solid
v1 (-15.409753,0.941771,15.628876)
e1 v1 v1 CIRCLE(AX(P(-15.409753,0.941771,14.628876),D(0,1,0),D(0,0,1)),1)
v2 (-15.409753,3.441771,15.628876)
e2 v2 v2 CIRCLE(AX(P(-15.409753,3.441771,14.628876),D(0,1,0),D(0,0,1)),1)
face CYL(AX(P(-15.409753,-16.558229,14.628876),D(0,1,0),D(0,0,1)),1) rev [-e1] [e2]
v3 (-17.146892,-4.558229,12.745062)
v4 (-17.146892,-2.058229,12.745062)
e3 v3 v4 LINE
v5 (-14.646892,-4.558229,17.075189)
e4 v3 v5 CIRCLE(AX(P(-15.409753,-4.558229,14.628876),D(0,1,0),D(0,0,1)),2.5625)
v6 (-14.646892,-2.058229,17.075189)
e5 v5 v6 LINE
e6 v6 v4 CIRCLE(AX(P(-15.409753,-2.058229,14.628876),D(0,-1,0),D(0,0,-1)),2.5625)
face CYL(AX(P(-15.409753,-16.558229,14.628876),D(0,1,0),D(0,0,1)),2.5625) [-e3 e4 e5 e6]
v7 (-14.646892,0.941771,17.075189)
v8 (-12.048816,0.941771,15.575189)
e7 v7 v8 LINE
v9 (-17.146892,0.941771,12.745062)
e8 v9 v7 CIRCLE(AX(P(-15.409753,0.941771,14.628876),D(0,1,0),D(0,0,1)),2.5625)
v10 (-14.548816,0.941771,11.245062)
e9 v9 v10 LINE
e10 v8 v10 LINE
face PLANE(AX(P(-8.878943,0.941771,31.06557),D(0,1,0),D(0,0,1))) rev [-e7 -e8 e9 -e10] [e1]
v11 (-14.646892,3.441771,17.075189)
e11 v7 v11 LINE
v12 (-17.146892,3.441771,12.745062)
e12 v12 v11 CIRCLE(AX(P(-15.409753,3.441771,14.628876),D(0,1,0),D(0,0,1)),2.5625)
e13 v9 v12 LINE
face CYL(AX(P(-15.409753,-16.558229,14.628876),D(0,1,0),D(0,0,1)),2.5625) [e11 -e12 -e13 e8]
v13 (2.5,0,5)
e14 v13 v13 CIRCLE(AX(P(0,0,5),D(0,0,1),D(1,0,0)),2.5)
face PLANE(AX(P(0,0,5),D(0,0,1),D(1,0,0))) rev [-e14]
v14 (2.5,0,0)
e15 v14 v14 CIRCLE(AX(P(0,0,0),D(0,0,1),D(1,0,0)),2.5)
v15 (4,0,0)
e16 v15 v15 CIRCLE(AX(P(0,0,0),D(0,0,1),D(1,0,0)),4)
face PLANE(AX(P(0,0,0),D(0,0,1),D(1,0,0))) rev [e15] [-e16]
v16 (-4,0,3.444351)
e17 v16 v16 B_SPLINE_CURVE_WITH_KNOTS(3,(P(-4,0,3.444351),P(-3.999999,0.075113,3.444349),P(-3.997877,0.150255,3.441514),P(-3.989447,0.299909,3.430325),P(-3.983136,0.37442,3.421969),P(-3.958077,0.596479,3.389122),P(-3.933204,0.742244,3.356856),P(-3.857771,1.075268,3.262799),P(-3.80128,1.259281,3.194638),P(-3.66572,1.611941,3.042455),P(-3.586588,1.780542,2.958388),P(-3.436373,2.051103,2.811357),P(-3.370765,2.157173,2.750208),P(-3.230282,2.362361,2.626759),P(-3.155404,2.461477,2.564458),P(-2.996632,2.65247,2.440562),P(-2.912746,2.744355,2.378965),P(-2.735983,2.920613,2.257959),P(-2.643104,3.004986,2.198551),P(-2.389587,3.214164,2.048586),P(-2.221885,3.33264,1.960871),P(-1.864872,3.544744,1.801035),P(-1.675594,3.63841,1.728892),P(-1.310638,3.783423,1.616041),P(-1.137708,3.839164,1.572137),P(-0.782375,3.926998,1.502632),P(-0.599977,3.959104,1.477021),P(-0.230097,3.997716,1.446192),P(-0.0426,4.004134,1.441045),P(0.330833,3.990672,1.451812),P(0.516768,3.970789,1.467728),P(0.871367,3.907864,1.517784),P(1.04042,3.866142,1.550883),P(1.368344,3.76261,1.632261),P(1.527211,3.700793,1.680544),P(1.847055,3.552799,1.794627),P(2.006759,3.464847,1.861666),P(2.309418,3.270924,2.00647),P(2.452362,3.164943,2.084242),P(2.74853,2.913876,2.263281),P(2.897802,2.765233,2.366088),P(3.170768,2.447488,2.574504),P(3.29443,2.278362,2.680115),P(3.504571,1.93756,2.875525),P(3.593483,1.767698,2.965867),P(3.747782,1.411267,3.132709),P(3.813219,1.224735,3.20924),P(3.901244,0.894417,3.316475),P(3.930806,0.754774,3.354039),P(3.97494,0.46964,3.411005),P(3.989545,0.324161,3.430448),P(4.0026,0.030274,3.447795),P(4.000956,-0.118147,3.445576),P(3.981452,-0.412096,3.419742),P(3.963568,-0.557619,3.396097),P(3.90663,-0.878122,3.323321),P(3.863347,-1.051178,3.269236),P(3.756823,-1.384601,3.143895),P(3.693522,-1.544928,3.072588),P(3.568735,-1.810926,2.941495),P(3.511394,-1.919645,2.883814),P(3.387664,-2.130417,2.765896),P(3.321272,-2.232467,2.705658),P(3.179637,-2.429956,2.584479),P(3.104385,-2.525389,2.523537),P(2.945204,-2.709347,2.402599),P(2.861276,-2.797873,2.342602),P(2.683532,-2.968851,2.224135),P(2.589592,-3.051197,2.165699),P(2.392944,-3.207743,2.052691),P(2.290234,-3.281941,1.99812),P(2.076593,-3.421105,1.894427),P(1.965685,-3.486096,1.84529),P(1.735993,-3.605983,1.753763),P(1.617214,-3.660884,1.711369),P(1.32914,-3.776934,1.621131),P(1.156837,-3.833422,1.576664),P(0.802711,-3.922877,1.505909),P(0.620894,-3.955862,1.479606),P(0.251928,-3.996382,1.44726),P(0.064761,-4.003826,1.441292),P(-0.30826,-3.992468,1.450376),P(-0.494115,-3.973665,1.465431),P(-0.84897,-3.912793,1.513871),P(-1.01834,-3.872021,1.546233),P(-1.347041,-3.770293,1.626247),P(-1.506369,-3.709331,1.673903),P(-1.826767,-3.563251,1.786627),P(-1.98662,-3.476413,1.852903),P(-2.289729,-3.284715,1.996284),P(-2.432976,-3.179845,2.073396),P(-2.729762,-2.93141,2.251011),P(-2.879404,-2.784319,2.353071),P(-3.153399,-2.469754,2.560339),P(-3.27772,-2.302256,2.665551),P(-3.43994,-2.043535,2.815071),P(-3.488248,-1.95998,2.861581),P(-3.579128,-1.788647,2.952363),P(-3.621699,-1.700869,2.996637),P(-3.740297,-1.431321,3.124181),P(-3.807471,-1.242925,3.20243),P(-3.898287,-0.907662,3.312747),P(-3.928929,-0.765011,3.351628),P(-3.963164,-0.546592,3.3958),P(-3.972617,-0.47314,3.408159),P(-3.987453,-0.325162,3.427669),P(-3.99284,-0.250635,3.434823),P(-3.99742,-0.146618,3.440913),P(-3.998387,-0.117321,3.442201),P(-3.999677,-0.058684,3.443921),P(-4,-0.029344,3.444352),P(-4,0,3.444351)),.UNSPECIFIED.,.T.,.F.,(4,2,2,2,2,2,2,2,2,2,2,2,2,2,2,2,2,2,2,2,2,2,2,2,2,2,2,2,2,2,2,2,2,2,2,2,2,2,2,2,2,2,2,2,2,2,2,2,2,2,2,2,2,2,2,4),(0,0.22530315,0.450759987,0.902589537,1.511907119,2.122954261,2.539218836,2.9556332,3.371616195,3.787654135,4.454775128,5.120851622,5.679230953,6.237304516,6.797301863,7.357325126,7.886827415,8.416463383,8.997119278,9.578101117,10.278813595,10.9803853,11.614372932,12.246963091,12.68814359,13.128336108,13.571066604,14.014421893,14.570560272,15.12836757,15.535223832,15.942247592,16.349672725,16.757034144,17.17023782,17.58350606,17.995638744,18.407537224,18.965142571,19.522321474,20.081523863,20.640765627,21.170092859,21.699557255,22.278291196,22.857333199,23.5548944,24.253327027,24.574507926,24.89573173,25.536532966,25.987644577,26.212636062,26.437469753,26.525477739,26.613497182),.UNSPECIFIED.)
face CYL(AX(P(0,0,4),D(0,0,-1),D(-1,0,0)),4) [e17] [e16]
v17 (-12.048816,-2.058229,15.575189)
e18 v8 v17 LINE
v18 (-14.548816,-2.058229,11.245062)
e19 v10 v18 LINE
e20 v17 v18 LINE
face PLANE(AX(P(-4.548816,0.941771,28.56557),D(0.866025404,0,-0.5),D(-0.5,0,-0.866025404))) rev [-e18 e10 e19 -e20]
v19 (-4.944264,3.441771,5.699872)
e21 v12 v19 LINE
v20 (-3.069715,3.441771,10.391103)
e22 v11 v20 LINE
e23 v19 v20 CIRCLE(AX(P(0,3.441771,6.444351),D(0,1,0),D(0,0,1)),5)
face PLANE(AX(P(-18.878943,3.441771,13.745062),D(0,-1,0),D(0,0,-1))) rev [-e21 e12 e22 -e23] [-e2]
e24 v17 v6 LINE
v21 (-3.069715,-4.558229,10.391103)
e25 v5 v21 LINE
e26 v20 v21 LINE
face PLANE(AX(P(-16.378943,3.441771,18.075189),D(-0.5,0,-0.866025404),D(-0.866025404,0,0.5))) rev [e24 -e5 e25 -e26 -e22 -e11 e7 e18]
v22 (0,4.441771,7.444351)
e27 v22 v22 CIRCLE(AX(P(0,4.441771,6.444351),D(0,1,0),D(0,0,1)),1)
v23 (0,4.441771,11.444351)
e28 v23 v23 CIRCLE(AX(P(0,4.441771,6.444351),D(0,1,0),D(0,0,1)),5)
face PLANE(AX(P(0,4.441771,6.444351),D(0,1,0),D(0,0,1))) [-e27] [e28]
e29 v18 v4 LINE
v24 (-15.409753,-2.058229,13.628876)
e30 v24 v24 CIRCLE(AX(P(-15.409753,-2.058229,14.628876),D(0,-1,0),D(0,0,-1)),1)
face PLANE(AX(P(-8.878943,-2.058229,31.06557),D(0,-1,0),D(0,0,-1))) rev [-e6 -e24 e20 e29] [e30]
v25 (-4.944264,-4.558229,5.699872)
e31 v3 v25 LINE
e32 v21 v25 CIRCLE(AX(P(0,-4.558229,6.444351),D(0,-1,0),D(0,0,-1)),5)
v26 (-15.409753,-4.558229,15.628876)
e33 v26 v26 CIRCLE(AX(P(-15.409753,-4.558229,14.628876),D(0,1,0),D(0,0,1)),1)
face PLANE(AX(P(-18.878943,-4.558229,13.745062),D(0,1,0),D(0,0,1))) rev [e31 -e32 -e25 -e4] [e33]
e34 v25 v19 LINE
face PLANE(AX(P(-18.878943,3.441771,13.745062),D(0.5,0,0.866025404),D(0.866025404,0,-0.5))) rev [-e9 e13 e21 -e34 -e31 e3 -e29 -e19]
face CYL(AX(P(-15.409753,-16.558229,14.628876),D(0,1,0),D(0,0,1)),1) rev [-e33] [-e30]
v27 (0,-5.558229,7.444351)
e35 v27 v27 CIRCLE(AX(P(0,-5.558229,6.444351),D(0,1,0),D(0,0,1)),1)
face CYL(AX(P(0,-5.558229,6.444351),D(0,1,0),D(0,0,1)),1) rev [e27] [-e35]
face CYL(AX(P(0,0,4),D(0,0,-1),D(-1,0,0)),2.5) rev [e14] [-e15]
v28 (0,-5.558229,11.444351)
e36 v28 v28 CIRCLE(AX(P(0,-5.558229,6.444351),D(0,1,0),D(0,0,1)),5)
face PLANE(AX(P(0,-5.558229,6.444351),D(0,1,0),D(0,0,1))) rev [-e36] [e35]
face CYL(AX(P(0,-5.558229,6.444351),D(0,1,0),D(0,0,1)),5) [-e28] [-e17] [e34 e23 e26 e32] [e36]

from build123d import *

# Parameters (mm, degrees)
SKETCH2_R                       = 4
SKETCH2_R_2                     = 2.5
BOSS_EXTRUDE1_DEPTH             = 4
SKETCH4_R                       = 5
BOSS_EXTRUDE2_DEPTH             = 10
SKETCH5_R                       = 2.5
CUT_EXTRUDE1_DEPTH              = 5
SKETCH6_R                       = 1
CUT_EXTRUDE2_DEPTH              = 11.0000001
SKETCH7_W                       = 8
SKETCH7_H                       = 5
BOSS_EXTRUDE3_DEPTH             = 15
BOSS_EXTRUDE3_DIRECTION_2_REACH = 14.552
SKETCH10_W                      = 5
SKETCH10_H                      = 3
CUT_EXTRUDE4_DEPTH              = 20
SKETCH9_R                       = 1
CUT_EXTRUDE6_DEPTH              = 20


with BuildPart() as part:
    # Sketch2 → Boss-Extrude1 (new body)
    with BuildSketch(Plane.XY):
        Circle(SKETCH2_R)
        Circle(SKETCH2_R_2, mode=Mode.SUBTRACT)
    extrude(amount=BOSS_EXTRUDE1_DEPTH)

    # Sketch4 → Boss-Extrude2 (add)
    with BuildSketch(Plane(origin=(0, 4.441770998, 4), x_dir=(1, 0, 0), z_dir=(0, 1, 0))):
        with Locations((0, -2.444351266)):
            Circle(SKETCH4_R)
    extrude(amount=-BOSS_EXTRUDE2_DEPTH)

    # Sketch5 → Cut-Extrude1 (cut)
    with BuildSketch(Plane.XY):
        Circle(SKETCH5_R)
    extrude(amount=CUT_EXTRUDE1_DEPTH, mode=Mode.SUBTRACT)

    # Sketch6 → Cut-Extrude2 (cut, through all)
    with BuildSketch(Plane(origin=(0, 4.441770998, 0), x_dir=(1, 0, 0), z_dir=(0, 1, 0))):
        with Locations((0, -6.444351266)):
            Circle(SKETCH6_R)
    extrude(amount=-CUT_EXTRUDE2_DEPTH, mode=Mode.SUBTRACT)

    # Sketch7 → Boss-Extrude3 (add)
    with BuildSketch(Plane(origin=(-7.120612972, 0, 4.111087816), x_dir=(0, 1, 0), z_dir=(-0.866025404, 0, 0.5))):
        with Locations((-0.558229002, -4.964101615)):
            Rectangle(SKETCH7_W, SKETCH7_H)
    extrude(amount=BOSS_EXTRUDE3_DEPTH)

    # Sketch7 → Boss-Extrude3 direction 2 (add, up to next)
    with BuildSketch(Plane(origin=(-7.120612972, 0, 4.111087816), x_dir=(0, 1, 0), z_dir=(-0.866025404, 0, 0.5)), mode=Mode.PRIVATE) as boss_extrude3_direction_2_sk1:
        with Locations((-0.558229002, -4.964101615)):
            Rectangle(SKETCH7_W, SKETCH7_H)
    boss_extrude3_direction_2_tool1 = extrude(boss_extrude3_direction_2_sk1.sketch, amount=-BOSS_EXTRUDE3_DIRECTION_2_REACH, mode=Mode.PRIVATE) - part.part
    add(boss_extrude3_direction_2_tool1.solids().sort_by_distance((-4.638562, -0.558229, 8.410126))[0])
    add(boss_extrude3_direction_2_tool1.solids().sort_by_distance((-4.638562, -0.558229, 8.410126))[1])

    # Sketch10 → Cut-Extrude4 (cut)
    with BuildSketch(Plane(origin=(1.232050808, 0, 2.133974596), x_dir=(-0.866025404, 0, 0.5), z_dir=(-0.5, 0, -0.866025404))):
        with Locations((20.722175633, -0.558229002)):
            Rectangle(SKETCH10_W, SKETCH10_H)
    extrude(amount=-CUT_EXTRUDE4_DEPTH, mode=Mode.SUBTRACT)

    # Sketch9 → Cut-Extrude6 (cut)
    with BuildSketch(Plane(origin=(0, 3.441770998, 0), x_dir=(1, 0, 0), z_dir=(0, 1, 0))):
        with BuildLine():
            Line((-18.878943222, -13.745062413), (-17.628943256, -15.910125863))
            ThreePointArc((-17.628943256, -15.910125863), (-17.943039978, -14.243046987), (-17.146892414, -12.745062413))
            Line((-17.146892414, -12.745062413), (-18.878943222, -13.745062413))
        make_face()
        with BuildLine():
            Line((-17.628943256, -15.910125863), (-16.378943222, -18.075189432))
            Line((-16.378943222, -18.075189432), (-14.646892414, -17.075189432))
            ThreePointArc((-14.646892414, -17.075189432), (-16.342258956, -17.015681135), (-17.628943256, -15.910125863))
        make_face()
        with Locations((-15.409753124, -14.628875922)):
            Circle(SKETCH9_R)
    extrude(amount=-CUT_EXTRUDE6_DEPTH, mode=Mode.SUBTRACT)


solid = part.part
